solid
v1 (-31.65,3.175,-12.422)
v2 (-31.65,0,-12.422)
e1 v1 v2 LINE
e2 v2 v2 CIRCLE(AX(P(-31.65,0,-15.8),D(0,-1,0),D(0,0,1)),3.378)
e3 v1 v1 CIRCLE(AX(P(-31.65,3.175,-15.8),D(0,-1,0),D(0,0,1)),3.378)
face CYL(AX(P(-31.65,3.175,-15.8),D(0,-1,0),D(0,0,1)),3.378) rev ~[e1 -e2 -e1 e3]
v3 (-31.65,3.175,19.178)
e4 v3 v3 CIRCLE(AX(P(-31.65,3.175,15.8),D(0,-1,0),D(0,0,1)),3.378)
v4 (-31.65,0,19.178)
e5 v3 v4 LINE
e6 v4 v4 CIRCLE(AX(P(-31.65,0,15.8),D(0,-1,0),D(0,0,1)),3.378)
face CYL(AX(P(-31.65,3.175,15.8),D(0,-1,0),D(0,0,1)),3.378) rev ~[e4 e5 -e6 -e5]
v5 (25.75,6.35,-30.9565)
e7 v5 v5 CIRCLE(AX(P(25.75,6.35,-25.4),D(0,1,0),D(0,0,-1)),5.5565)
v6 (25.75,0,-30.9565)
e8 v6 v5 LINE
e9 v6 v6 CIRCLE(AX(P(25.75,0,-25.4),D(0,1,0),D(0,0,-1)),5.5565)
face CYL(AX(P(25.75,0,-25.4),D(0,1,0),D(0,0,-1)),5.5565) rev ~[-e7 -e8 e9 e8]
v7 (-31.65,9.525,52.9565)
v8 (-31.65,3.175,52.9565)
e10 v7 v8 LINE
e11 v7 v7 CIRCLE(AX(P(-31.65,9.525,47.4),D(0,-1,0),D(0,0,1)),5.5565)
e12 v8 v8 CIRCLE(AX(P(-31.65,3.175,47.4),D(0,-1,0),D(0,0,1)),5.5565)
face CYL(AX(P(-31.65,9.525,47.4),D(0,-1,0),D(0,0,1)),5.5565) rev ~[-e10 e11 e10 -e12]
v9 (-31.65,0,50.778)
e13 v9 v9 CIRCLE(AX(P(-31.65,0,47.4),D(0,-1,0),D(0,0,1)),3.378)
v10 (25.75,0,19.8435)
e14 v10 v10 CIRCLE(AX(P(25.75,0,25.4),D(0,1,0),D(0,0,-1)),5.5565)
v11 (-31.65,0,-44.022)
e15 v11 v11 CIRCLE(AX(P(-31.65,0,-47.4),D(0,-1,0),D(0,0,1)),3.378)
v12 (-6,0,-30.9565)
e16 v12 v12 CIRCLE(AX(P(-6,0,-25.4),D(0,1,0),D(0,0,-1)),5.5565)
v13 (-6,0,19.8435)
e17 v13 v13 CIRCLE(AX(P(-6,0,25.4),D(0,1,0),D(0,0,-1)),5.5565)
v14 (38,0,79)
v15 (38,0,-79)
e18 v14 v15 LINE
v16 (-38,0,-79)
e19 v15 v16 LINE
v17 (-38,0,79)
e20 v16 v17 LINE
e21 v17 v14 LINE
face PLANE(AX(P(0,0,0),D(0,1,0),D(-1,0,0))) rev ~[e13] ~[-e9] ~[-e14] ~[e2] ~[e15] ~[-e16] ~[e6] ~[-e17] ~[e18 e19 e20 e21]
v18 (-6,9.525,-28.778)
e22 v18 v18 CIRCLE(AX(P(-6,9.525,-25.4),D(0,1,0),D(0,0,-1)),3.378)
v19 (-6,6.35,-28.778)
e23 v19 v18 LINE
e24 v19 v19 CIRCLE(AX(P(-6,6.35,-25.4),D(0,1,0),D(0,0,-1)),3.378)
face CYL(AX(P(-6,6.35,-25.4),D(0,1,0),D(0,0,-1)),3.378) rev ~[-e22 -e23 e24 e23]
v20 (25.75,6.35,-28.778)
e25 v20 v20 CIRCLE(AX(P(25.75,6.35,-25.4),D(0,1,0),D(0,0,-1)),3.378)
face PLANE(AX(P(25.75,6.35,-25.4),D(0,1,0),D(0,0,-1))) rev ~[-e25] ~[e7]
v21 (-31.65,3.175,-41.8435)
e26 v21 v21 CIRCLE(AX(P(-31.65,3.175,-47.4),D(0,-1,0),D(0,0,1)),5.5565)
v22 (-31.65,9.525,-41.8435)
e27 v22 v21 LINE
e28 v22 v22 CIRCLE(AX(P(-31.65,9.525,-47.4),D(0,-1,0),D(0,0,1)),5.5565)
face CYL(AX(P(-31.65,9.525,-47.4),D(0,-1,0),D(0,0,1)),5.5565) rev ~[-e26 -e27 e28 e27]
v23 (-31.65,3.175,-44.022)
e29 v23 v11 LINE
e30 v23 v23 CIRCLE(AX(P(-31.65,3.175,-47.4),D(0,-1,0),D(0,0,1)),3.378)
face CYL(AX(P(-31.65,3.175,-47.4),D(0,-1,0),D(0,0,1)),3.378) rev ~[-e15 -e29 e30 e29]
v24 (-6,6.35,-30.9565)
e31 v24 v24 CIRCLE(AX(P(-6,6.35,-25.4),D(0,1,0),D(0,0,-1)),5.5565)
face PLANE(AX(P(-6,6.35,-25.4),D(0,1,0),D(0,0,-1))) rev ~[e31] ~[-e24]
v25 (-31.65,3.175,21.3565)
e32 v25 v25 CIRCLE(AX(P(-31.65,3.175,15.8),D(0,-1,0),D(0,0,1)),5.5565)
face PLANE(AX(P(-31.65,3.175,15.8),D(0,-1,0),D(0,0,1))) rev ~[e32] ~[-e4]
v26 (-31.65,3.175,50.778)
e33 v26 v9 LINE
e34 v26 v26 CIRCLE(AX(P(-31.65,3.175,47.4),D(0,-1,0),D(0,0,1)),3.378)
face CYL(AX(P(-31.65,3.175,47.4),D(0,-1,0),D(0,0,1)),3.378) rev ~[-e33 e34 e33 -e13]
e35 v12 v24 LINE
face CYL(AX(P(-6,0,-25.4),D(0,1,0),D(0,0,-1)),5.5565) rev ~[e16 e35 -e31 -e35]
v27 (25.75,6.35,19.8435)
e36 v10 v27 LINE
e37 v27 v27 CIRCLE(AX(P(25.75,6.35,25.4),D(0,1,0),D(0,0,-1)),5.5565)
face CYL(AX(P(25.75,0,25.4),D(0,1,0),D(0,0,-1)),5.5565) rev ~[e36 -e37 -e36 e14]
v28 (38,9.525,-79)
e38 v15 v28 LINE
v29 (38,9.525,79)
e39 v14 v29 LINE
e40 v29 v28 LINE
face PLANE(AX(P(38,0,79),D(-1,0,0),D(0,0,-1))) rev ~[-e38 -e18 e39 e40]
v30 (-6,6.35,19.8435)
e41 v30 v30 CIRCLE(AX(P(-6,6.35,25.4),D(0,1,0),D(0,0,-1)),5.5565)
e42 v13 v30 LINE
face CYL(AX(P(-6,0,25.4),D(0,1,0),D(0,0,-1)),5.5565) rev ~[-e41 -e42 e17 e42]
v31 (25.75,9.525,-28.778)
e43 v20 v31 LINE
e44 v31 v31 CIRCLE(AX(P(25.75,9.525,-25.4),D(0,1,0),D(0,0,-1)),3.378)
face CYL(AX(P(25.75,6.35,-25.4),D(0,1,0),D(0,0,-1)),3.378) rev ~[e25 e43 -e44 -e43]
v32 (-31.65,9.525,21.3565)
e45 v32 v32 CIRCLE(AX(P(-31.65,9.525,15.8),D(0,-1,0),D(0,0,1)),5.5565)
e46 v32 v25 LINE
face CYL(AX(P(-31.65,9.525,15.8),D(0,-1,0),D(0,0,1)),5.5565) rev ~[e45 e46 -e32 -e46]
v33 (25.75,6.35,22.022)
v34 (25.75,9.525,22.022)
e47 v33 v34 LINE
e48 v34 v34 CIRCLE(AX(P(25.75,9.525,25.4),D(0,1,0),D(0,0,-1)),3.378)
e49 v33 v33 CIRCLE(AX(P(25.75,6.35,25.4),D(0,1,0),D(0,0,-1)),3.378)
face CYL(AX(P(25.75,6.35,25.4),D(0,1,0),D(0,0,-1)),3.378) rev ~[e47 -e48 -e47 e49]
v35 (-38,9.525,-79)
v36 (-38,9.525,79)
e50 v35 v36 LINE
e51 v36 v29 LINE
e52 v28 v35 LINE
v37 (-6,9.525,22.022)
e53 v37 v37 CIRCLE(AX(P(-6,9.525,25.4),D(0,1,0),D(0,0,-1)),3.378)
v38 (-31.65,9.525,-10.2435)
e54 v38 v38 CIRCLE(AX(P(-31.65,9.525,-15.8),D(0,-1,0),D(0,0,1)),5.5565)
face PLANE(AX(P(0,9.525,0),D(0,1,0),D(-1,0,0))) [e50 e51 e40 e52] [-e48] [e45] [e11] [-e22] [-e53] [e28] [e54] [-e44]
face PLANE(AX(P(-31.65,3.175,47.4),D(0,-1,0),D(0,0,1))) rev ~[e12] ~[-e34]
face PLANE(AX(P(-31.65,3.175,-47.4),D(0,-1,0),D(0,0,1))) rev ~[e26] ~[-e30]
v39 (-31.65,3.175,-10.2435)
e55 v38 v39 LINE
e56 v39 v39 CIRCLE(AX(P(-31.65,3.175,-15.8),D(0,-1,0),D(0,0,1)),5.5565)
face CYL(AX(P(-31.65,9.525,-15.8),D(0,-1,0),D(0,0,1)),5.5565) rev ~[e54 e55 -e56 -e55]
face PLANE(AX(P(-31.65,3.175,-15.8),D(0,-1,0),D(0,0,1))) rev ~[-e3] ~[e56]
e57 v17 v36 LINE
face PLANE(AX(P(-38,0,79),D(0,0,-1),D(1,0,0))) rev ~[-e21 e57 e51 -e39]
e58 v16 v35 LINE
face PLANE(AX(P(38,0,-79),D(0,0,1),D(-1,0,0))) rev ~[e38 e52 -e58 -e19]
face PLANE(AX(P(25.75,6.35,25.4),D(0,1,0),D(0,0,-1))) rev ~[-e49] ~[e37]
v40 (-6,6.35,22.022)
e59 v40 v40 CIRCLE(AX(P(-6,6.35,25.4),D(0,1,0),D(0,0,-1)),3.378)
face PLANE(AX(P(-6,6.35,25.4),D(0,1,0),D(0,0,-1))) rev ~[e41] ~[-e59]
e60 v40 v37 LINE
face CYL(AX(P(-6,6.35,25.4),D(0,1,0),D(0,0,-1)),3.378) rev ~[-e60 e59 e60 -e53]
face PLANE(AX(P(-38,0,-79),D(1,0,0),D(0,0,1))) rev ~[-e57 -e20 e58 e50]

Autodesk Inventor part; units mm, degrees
ref_plane "YZ Plane" through (0, 0, 0) normal (1, 0, 0) x (0, 1, 0)
ref_plane "XZ Plane" through (0, 0, 0) normal (0, 1, 0) x (-1, 0, 0)
ref_plane "XY Plane" through (0, 0, 0) normal (0, 0, 1) x (1, 0, 0)
sketch "Sketch1" plane through (0, 0, 0) normal (0, 1, 0) x (-1, 0, 0)
  line L0 (38, 79) -> (-38, 79)
  line L1 (-38, 79) -> (-38, -79)
  line L2 (-38, -79) -> (38, -79)
  line L3 (38, -79) -> (38, 79)
  line L4 (0, 0) -> (38, 0) construction
  line L5 (0, 0) -> (0, -79) construction
  dimension "d0" = 158
  dimension "d1" = 76
extrude "Extrusion1" add sketch "Sketch1" along normal blind 9.525
sketch "Sketch2" plane through (0, 0, 0) normal (0, -1, 0) x (1, 0, 0)
  line L0 (-38, 79) -> (38, 79) construction
  line L1 (-38, -79) -> (-38, 79) construction
  line L2 (38, -79) -> (-38, -79) construction
  line L3 (38, 79) -> (38, -79) construction
  line L4 (-6, -25.4) -> (-6, 25.4) construction
  line L5 (-38, 0) -> (38, 0) construction
  line L6 (25.75, -25.4) -> (25.75, 25.4) construction
  point P0 (0, 0)
  point P1 (-6, 0)
  point P2 (25.75, 0)
  dimension "d4" = 50.8
  dimension "d5" = 50.8
  dimension "d6" = 31.75
  dimension "d16" = 32
hole "Hole1" at (-6, 0, 25.4) at (25.75, 0, 25.4) at (25.75, 0, -25.4) at (-6, 0, -25.4) direction (0, 1, 0) diameter 6.756 end through all counterbore diameter 11.113 counterbore depth 6.35 clearance for "Socket Head Cap Screw" size "1/4" standard "Ansi Unified Screw Threads"
sketch "Sketch3" plane through (0, 9.525, 0) normal (0, 1, 0) x (1, 0, 0)
  line L0 (38, -79) -> (38, 79) construction
  line L1 (38, 79) -> (-38, 79) construction
  line L2 (-38, 79) -> (-38, -79) construction
  line L3 (-38, -79) -> (38, -79) construction
  line L4 (-31.65, 79) -> (-31.65, -79) construction
  point P0 (0, 0)
  point P1 (-31.65, 47.4)
  point P2 (-31.65, 15.8)
  point P3 (-31.65, -47.4)
  point P4 (-31.65, -15.8)
  dimension "d17" = 6.35
  dimension "d19" = 31.6
  dimension "d20" = 31.6
  dimension "d21" = 31.6
  dimension "d22" = 31.6
  dimension "d23" = 31.6
hole "Hole2" at (-31.65, 9.525, -47.4) at (-31.65, 9.525, -15.8) at (-31.65, 9.525, 47.4) at (-31.65, 9.525, 15.8) direction (0, -1, 0) diameter 6.756 end through all counterbore diameter 11.113 counterbore depth 6.35 clearance for "Socket Head Cap Screw" size "1/4" standard "Ansi Unified Screw Threads"
properties part number "base_part"
